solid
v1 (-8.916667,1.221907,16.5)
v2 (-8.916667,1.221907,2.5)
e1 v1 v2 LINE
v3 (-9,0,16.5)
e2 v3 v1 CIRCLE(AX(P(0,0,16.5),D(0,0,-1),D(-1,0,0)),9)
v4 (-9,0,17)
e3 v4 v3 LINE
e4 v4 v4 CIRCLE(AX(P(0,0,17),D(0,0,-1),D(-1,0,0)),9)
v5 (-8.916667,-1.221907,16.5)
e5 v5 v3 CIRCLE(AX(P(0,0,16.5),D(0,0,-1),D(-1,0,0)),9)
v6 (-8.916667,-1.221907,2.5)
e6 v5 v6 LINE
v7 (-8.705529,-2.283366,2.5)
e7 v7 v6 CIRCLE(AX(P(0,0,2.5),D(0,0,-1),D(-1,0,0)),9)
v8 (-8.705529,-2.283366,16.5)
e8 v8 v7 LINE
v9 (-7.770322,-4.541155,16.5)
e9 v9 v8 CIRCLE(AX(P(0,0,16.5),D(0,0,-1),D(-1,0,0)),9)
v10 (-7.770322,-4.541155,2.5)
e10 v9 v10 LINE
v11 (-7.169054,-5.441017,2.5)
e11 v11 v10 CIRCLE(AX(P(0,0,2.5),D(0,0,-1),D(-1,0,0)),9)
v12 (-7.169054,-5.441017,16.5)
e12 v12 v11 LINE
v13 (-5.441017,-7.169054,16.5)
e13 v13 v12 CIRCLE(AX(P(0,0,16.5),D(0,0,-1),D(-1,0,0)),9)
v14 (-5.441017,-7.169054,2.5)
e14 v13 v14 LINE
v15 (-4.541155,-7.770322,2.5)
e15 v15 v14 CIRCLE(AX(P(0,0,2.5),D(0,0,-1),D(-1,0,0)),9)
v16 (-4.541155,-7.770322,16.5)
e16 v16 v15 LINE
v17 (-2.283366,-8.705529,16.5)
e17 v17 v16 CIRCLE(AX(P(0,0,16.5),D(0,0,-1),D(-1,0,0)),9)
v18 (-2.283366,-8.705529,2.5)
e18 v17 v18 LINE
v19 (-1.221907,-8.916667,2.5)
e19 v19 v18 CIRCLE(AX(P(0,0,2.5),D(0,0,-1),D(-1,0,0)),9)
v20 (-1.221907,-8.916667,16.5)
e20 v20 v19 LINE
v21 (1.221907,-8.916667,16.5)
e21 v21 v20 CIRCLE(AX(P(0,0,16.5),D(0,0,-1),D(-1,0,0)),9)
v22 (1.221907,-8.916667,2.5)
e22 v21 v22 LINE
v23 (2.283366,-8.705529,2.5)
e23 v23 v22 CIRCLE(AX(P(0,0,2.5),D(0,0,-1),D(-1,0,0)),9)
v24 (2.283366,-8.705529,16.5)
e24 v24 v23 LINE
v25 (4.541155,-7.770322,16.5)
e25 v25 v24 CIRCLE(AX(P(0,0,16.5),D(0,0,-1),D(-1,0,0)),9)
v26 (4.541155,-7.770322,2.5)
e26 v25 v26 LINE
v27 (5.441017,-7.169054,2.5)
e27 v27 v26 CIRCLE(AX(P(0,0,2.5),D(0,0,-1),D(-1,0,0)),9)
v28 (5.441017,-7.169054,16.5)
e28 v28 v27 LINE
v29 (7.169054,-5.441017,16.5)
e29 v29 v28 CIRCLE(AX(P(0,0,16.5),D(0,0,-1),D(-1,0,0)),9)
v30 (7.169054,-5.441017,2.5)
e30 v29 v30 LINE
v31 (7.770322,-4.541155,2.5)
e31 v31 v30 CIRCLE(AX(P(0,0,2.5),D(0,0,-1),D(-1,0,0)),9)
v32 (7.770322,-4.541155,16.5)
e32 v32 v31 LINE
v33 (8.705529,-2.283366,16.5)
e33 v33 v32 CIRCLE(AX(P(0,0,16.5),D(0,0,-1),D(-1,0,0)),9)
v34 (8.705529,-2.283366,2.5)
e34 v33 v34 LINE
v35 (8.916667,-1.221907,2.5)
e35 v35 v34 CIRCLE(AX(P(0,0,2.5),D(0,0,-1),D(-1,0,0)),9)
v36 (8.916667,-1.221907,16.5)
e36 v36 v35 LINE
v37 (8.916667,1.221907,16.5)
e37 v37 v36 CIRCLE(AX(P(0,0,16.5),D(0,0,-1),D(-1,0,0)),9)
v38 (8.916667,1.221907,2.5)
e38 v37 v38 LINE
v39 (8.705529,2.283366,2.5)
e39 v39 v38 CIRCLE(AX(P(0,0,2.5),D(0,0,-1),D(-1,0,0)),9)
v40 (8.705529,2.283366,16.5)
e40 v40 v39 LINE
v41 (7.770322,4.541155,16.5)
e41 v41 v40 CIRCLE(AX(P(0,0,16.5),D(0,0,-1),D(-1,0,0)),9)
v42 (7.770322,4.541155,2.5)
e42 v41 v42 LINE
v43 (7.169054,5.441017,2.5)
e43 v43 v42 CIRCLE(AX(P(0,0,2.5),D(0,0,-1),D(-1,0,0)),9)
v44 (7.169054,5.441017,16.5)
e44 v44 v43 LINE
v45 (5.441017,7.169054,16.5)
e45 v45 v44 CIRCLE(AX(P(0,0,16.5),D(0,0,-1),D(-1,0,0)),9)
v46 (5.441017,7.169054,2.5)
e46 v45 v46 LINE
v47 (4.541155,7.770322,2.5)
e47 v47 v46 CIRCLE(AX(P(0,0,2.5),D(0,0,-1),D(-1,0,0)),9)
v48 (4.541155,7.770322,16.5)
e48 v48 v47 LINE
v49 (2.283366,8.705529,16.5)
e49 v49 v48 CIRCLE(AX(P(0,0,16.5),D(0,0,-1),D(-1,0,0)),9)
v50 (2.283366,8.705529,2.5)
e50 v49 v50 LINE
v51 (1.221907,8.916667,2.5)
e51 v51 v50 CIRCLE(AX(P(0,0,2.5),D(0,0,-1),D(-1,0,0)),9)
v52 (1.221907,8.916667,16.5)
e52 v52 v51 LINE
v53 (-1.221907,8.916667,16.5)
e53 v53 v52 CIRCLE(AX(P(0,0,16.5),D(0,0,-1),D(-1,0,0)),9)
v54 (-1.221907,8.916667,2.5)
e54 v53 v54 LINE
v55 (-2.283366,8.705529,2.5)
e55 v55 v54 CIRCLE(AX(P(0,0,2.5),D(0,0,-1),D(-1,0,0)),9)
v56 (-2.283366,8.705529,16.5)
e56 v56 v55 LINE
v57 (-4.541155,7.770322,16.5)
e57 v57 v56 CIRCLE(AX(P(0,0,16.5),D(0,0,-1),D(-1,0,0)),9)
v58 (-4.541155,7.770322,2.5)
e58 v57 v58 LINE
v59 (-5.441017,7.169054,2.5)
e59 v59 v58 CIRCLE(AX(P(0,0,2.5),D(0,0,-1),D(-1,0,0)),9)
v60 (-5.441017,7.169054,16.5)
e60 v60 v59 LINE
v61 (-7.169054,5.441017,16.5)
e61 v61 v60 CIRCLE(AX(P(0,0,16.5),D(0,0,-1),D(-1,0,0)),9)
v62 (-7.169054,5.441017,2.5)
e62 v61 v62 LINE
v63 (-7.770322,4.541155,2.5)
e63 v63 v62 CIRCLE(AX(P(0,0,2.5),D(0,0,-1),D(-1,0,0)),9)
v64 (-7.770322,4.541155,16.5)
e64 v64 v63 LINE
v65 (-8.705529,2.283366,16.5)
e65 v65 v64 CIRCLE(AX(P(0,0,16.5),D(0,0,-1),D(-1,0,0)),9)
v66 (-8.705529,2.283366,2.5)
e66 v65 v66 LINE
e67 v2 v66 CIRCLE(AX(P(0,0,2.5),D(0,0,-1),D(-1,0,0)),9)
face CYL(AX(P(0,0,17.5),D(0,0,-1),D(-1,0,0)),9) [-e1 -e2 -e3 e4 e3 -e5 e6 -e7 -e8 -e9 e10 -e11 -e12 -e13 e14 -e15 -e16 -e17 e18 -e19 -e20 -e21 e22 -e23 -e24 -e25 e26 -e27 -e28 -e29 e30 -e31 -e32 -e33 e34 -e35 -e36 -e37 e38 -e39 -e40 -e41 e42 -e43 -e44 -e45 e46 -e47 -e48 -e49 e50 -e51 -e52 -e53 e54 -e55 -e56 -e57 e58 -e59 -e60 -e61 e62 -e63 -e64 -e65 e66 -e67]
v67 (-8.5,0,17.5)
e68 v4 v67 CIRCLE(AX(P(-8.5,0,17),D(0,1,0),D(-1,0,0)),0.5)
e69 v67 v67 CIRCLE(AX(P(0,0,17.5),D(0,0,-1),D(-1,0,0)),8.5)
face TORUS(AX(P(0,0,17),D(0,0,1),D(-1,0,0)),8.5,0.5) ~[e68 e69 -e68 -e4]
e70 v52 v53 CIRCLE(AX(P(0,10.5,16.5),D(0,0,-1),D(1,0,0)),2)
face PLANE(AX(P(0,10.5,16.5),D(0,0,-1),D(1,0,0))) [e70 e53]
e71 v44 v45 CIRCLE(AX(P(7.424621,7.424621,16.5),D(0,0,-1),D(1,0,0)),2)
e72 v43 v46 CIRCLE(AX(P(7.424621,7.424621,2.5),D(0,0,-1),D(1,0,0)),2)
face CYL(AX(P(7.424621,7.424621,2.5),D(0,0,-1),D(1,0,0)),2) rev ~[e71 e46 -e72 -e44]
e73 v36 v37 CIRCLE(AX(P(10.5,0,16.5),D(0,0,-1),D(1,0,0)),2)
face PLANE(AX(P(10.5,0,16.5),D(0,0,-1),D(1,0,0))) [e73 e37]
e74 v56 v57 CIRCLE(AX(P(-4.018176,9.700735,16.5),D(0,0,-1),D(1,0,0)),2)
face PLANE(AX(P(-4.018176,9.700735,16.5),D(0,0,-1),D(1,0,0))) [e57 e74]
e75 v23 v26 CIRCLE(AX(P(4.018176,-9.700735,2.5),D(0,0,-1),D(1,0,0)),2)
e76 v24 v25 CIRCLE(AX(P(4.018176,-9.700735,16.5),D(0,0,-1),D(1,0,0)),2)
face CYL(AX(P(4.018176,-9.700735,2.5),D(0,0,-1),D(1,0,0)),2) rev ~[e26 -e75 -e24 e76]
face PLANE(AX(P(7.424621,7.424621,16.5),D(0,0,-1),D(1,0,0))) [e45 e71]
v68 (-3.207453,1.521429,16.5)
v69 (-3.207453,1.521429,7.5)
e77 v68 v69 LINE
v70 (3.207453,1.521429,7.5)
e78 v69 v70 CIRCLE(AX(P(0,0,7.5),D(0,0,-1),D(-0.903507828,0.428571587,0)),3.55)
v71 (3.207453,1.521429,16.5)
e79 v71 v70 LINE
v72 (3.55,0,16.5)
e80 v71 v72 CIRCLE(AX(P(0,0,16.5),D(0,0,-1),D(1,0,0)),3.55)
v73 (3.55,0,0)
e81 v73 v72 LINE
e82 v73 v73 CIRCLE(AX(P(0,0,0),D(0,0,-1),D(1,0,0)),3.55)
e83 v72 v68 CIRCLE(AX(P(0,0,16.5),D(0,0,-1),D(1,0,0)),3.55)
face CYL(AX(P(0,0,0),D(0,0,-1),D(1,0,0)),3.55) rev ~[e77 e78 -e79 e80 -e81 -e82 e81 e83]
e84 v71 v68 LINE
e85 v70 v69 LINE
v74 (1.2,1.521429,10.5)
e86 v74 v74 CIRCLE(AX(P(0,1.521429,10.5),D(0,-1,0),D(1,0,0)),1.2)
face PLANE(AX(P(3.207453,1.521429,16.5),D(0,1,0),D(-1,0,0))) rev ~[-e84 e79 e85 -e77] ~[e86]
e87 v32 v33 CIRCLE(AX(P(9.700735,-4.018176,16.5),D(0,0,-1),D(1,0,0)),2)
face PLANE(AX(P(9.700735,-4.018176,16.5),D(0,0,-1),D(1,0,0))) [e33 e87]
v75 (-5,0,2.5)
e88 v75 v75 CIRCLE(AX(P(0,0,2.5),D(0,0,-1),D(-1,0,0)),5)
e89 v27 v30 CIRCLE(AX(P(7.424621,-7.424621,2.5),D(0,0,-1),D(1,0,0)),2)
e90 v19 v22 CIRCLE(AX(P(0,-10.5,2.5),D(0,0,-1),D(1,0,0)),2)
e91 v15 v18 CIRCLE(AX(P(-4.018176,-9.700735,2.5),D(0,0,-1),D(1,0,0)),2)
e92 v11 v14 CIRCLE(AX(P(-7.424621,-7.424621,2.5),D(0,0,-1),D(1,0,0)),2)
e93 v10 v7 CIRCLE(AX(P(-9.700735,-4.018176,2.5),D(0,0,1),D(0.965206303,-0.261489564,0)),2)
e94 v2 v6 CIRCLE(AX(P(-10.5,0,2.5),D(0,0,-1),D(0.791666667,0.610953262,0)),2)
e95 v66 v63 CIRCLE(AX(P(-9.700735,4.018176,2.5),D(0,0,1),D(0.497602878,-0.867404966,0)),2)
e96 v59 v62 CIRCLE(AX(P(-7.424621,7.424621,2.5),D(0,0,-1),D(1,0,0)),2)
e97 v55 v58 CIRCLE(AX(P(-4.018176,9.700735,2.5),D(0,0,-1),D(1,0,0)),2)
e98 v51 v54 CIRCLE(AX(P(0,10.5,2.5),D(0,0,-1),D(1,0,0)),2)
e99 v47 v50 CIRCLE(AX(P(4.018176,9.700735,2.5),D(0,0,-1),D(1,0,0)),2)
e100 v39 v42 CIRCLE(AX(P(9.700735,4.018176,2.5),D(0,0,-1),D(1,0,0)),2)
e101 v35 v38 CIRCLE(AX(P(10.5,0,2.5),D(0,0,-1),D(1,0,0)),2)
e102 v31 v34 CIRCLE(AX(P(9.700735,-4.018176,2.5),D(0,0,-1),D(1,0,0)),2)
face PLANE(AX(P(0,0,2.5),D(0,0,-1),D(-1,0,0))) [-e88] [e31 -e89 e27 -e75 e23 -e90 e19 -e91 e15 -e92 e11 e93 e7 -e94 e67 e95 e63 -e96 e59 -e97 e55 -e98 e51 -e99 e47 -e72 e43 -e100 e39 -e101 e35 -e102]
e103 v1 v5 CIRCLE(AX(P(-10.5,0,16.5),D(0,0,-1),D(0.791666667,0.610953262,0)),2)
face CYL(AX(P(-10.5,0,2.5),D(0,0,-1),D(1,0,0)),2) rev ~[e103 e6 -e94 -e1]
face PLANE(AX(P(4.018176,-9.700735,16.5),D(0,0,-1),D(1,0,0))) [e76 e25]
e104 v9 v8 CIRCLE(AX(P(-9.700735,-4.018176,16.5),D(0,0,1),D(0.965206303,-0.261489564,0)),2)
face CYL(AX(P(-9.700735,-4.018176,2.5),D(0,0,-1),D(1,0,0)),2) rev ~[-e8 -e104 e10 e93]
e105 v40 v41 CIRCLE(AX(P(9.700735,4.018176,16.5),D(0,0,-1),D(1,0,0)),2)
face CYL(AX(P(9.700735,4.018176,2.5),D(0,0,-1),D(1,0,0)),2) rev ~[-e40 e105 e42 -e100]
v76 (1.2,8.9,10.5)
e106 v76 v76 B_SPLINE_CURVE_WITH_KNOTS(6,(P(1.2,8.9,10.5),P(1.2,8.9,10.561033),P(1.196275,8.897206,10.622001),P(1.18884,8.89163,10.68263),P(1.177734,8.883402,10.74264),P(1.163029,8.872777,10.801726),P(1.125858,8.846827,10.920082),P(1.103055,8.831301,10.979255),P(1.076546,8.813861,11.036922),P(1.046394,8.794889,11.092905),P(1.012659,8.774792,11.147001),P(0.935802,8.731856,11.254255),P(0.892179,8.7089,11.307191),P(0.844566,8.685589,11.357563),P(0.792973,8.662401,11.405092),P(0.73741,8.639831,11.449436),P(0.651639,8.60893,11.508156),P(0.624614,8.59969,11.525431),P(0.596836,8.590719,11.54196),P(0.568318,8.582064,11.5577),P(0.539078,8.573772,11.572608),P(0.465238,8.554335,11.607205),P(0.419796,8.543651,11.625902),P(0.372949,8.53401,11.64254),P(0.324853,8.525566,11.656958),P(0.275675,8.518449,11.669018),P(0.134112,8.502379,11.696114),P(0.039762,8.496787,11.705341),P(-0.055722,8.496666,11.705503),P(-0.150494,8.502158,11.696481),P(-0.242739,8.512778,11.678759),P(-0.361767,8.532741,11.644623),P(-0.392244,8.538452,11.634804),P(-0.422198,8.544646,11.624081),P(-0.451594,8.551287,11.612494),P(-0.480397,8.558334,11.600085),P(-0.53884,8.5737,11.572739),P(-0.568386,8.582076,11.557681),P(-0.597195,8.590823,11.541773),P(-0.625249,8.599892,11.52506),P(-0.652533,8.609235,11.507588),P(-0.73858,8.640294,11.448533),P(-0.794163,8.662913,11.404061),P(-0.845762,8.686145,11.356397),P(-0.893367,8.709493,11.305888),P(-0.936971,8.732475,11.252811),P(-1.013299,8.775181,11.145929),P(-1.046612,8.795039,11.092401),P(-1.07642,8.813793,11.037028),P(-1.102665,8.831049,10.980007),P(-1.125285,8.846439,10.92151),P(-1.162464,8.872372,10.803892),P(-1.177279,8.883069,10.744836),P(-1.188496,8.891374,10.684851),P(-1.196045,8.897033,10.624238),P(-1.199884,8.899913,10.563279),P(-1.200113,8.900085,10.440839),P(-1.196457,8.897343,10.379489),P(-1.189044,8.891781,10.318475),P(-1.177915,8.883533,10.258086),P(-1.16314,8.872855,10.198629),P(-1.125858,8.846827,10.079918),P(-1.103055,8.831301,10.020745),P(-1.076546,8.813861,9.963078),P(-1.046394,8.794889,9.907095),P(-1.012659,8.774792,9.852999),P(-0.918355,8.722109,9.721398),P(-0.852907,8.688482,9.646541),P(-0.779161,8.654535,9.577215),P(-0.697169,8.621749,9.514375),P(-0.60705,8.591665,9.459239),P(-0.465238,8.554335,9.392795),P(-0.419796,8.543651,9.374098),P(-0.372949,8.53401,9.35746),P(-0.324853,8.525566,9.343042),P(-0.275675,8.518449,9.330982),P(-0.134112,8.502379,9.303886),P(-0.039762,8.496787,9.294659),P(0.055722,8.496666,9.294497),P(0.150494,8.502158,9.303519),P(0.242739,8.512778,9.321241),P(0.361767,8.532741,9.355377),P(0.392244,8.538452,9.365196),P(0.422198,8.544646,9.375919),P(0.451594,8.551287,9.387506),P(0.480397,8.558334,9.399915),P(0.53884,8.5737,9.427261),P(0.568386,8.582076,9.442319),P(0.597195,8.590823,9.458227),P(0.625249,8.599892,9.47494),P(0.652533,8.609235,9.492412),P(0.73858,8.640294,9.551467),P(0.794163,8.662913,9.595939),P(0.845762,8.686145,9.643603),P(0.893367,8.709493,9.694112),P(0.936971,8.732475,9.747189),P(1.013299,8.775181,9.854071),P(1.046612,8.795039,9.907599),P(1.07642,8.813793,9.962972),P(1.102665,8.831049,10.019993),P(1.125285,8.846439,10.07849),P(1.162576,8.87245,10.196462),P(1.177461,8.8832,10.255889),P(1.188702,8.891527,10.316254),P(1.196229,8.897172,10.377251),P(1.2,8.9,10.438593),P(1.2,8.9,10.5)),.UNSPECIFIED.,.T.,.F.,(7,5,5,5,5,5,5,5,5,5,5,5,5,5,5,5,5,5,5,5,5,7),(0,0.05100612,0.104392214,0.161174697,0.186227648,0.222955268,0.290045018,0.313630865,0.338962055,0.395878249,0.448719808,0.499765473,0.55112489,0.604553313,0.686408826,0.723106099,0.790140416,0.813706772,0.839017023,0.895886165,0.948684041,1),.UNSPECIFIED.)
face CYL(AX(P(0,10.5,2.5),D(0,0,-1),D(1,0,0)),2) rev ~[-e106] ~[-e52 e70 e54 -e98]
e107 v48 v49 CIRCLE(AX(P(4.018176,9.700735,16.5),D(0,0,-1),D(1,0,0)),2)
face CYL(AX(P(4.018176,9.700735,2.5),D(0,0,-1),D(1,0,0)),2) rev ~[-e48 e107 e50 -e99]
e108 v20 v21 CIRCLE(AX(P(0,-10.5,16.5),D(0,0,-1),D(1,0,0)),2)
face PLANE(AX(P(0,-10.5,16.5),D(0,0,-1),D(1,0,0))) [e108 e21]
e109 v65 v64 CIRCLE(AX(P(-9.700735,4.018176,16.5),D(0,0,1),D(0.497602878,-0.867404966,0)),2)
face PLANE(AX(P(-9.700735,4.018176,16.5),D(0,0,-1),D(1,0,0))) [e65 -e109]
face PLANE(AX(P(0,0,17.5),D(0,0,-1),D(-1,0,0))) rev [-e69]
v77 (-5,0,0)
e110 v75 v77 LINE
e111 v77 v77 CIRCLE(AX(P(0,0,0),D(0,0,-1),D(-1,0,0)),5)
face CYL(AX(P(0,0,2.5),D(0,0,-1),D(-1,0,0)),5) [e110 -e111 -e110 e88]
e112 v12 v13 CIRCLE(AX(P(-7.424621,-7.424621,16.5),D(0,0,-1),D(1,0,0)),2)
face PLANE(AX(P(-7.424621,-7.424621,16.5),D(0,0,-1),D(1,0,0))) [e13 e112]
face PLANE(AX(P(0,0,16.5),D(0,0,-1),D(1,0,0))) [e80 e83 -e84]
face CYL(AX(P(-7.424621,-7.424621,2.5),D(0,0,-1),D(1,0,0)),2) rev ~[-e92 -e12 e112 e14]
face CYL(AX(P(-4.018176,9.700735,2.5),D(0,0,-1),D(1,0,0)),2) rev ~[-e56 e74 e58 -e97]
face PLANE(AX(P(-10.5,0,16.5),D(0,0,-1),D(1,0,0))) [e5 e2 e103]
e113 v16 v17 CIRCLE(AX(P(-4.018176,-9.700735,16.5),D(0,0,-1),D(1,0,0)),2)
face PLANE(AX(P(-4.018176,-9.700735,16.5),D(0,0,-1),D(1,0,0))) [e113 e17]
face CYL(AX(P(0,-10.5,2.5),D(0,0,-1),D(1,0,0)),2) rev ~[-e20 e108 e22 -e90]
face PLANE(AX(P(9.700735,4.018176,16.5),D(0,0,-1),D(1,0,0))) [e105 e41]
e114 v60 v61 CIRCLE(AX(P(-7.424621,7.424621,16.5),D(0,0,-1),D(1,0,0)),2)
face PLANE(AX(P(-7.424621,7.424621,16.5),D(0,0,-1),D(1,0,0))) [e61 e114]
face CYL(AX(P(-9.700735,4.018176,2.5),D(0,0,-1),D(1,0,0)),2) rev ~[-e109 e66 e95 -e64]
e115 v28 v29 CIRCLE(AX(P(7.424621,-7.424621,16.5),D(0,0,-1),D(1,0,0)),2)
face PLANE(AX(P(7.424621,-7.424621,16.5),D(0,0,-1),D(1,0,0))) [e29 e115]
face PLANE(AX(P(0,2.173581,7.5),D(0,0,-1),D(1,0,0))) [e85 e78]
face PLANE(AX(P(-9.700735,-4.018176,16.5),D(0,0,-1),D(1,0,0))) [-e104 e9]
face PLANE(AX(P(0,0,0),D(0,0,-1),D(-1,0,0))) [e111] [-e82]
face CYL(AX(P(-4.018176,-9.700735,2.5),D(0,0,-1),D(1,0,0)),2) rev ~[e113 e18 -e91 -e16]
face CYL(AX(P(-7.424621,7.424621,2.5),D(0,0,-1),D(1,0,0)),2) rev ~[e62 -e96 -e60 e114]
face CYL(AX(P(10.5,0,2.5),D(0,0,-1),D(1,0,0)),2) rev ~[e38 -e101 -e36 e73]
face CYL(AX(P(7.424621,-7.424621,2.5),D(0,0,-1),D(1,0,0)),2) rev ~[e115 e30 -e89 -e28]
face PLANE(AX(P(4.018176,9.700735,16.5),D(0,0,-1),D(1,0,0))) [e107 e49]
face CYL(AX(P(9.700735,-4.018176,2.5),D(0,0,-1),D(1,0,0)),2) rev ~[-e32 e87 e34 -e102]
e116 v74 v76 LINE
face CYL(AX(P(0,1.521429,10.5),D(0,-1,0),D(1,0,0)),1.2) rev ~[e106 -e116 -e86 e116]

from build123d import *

# Parameters (mm, degrees)
F2_R      = 3.55
F3_DEPTH  = 16.5
F5_DEPTH  = 9
F6_R      = 0.5
F7_R      = 1.2
F8_DEPTH  = 10
F9_R      = 2
F10_DEPTH = 14


with BuildPart() as f1:
    # F0 (on Front) → F1 (revolve)
    with BuildSketch(Plane.XZ):
        Polygon((-5, 0), (0, 0), (0, 17.5), (-9, 17.5), (-9, 2.5), (-5, 2.5), align=None)
    revolve(axis=Axis((0, 0, -3.667768), (0, 0, -1)))

    # F2 (on face) → F3 (cut)
    with BuildSketch(Plane(origin=(0, 0, 0), x_dir=(1, 0, 0), z_dir=(0, 0, -1))):
        Circle(F2_R)
    extrude(amount=-F3_DEPTH, mode=Mode.SUBTRACT)

    # F4 (on face) → F5 (join)
    with BuildSketch(Plane(origin=(0, 0, 16.5), x_dir=(1, 0, 0), z_dir=(0, 0, -1))):
        with BuildLine():
            Line((3.207453, -1.521429), (-3.207453, -1.521429))
            ThreePointArc((-3.207453, -1.521429), (0, -3.55), (3.207453, -1.521429))
        make_face()
    extrude(amount=F5_DEPTH)

    # F6
    f6_edges = [f1.edges().sort_by_distance(p)[0] for p in [
        (9, 0, 17.5),
    ]]
    fillet(f6_edges, radius=F6_R)

    # F7 (on face) → F8 (cut)
    with BuildSketch(Plane.XZ.offset(-1.521429)):
        with Locations((0, 10.5)):
            Circle(F7_R)
    extrude(amount=-F8_DEPTH, mode=Mode.SUBTRACT)

    # F9 (on face) → F10 (cut)
    with BuildSketch(Plane(origin=(0, 0, 2.5), x_dir=(1, 0, 0), z_dir=(0, 0, -1))):
        with Locations((-10.5, 0)):
            Circle(F9_R)
        with Locations((-9.700735, -4.018176)):
            Circle(F9_R)
        with Locations((-7.424621, -7.424621)):
            Circle(F9_R)
        with Locations((-4.018176, -9.700735)):
            Circle(F9_R)
        with Locations((0, -10.5)):
            Circle(F9_R)
        with Locations((4.018176, -9.700735)):
            Circle(F9_R)
        with Locations((7.424621, -7.424621)):
            Circle(F9_R)
        with Locations((9.700735, -4.018176)):
            Circle(F9_R)
        with Locations((10.5, 0)):
            Circle(F9_R)
        with Locations((9.700735, 4.018176)):
            Circle(F9_R)
        with Locations((7.424621, 7.424621)):
            Circle(F9_R)
        with Locations((4.018176, 9.700735)):
            Circle(F9_R)
        with Locations((0, 10.5)):
            Circle(F9_R)
        with Locations((-4.018176, 9.700735)):
            Circle(F9_R)
        with Locations((-7.424621, 7.424621)):
            Circle(F9_R)
        with Locations((-9.700735, 4.018176)):
            Circle(F9_R)
    extrude(amount=-F10_DEPTH, mode=Mode.SUBTRACT)


solid = f1.part
